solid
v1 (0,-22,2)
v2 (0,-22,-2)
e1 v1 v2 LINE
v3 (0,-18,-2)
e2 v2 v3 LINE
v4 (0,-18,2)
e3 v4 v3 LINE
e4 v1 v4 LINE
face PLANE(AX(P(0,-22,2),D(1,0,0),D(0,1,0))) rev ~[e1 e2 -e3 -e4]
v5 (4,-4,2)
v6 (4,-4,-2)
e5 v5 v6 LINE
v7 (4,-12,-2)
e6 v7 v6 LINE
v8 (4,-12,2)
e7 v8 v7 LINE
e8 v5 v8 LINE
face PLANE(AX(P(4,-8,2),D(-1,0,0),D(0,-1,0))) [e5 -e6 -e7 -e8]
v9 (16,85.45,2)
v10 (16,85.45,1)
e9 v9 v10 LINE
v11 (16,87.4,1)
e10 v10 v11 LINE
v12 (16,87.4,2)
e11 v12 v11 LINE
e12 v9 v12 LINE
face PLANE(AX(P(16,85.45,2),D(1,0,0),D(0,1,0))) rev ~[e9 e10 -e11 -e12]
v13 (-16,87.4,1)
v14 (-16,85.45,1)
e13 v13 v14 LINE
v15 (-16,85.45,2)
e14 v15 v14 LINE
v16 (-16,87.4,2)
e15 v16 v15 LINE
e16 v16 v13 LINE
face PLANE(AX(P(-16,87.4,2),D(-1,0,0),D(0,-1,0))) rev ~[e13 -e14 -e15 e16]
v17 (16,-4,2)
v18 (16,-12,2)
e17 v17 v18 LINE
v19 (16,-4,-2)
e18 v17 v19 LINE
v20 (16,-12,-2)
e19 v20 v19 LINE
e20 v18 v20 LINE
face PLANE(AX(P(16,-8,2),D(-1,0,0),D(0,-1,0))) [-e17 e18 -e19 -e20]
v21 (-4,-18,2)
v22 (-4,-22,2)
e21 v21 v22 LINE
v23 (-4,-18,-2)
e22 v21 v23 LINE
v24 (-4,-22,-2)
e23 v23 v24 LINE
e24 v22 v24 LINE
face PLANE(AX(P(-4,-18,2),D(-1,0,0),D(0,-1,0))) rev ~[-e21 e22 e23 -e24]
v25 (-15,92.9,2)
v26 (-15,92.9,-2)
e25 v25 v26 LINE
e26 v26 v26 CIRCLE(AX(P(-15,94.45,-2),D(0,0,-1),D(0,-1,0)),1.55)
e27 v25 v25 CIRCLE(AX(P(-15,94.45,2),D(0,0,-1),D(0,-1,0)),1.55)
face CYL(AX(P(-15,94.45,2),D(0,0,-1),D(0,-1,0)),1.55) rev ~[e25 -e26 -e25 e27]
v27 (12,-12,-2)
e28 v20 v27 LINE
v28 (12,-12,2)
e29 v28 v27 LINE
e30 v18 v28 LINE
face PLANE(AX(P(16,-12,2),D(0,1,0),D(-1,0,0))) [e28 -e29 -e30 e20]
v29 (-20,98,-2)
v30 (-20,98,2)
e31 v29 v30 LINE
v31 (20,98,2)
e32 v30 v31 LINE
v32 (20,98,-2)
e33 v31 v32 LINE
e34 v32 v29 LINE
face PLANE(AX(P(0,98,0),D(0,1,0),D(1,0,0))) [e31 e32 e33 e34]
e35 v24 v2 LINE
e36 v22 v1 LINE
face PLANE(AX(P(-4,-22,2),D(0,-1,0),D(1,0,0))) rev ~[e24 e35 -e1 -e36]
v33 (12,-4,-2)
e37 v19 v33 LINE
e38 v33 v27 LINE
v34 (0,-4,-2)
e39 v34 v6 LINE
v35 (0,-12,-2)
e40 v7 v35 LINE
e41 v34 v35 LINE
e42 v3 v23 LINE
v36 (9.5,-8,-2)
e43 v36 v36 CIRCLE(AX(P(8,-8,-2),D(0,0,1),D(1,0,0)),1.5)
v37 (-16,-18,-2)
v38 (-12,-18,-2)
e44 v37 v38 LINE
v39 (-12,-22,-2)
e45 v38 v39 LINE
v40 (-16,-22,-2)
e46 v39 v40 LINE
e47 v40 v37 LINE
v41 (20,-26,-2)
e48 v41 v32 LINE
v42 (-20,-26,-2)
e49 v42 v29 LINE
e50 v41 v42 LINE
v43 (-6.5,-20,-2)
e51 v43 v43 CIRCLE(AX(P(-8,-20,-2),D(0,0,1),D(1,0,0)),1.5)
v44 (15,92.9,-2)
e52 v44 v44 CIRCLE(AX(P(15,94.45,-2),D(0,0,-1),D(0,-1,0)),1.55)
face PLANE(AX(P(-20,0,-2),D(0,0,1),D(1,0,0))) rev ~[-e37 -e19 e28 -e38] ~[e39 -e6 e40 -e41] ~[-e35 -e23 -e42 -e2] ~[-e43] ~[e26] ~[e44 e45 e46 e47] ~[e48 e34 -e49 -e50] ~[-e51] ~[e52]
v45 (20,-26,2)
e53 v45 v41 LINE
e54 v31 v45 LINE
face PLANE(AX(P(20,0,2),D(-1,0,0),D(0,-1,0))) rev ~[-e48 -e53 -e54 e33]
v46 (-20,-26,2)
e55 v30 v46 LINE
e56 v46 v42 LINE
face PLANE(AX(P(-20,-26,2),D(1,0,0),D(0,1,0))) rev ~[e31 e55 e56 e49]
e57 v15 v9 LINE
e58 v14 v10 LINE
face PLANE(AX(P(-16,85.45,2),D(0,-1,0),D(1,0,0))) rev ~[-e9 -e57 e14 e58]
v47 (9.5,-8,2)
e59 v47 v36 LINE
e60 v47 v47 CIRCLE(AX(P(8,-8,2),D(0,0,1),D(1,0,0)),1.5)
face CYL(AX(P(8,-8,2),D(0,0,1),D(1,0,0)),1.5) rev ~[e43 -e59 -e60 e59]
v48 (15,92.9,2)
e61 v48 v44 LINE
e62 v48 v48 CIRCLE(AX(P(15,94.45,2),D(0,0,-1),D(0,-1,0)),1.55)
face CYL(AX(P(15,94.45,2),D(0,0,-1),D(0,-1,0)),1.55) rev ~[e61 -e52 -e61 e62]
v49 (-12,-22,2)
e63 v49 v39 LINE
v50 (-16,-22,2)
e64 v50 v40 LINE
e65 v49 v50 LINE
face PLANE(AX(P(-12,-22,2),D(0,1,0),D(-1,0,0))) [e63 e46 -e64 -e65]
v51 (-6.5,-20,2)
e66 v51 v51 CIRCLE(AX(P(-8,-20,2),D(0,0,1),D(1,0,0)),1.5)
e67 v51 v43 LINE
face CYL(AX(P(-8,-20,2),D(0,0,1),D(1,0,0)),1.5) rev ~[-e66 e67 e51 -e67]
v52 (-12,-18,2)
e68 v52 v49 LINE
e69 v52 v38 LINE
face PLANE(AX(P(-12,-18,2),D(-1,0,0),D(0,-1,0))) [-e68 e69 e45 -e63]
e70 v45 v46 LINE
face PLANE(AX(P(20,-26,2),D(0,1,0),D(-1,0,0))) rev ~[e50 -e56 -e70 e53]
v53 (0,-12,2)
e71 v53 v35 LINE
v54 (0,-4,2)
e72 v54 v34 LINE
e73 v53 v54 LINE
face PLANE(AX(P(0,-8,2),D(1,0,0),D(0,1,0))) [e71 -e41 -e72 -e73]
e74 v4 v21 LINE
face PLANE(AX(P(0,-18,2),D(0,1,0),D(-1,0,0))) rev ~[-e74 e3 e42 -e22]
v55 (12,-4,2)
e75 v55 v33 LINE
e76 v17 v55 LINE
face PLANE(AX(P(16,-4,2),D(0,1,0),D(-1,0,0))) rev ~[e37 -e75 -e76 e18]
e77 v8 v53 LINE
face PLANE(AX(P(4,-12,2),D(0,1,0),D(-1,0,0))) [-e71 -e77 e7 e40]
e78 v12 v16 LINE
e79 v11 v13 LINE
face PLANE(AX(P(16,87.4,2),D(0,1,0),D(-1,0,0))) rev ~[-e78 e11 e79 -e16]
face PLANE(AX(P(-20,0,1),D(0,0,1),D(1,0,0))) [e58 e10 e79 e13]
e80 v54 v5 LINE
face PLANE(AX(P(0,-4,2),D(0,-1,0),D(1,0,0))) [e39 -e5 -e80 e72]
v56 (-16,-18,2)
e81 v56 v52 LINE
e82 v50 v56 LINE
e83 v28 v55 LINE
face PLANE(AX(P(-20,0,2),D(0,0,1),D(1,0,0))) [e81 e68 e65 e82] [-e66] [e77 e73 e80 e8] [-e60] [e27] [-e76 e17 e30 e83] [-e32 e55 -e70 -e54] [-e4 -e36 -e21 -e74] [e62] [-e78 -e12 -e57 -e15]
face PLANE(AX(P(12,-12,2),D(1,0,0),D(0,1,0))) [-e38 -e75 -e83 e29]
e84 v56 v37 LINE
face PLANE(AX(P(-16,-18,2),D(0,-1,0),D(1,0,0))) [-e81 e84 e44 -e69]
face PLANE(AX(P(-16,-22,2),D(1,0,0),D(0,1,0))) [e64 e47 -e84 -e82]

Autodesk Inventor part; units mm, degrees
ref_plane "YZ Plane" through (0, 0, 0) normal (1, 0, 0) x (0, 1, 0)
ref_plane "XZ Plane" through (0, 0, 0) normal (0, 1, 0) x (-1, 0, 0)
ref_plane "XY Plane" through (0, 0, 0) normal (0, 0, 1) x (1, 0, 0)
sketch "Sketch1" plane through (0, 0, 0) normal (0, 1, 0) x (-1, 0, 0)
  line L0 (20, 2) -> (-20, 2)
  line L1 (-20, 2) -> (-20, -2)
  line L2 (-20, -2) -> (20, -2)
  line L3 (20, -2) -> (20, 2)
  line L4 (20, 2) -> (-20, -2) construction
  line L5 (-20, 2) -> (20, -2) construction
  point P0 (0, 0)
  dimension "d0" = 40
  dimension "d1" = 4
extrude "Extrusion1" add sketch "Sketch1" along normal blind 84
sketch "Sketch2" plane through (0, 84, 0) normal (0, 1, 0) x (1, 0, 0)
  line L0 (20, 2) -> (-20, 2) projected
  line L1 (20, -2) -> (20, 2) projected
  line L2 (20, 2) -> (-20, 2) projected
  line L3 (-20, 2) -> (-20, -2) projected
  line L4 (-20, -2) -> (20, -2) projected
  point P0 (0, 0)
extrude "Extrusion2" add sketch "Sketch2" along normal blind 14
sketch "Sketch3" plane through (-20, 0, 2) normal (0, 0, 1) x (1, 0, 0)
  line L0 (0, 98) -> (40, 98) projected
  line L1 (20, 98) -> (20, 0)
  line L2 (40, 0) -> (0, 0) projected
  point P0 (5, 94.45)
  point P1 (35, 94.45)
  dimension "d6" = 3.55
  dimension "d7" = 30
hole "Hole1" at (-15, 94.45, 2) at (15, 94.45, 2) direction (0, 0, -1) diameter 3.1 depth 4
sketch "Sketch4" plane through (-20, 0, 2) normal (0, 0, 1) x (1, 0, 0)
  line L0 (4, 85.45) -> (36, 85.45)
  circle A0 centre (5, 94.45) radius 1.55 projected
  circle A1 centre (35, 94.45) radius 1.55 projected
  line L1 (0, 0) -> (40, 0) projected
  line L2 (40, 0) -> (40, 98) projected
  line L3 (0, 98) -> (40, 98) projected
  line L4 (0, 0) -> (0, 98) projected
  line L5 (40, 0) -> (40, 98) projected
  line L6 (4, 85.45) -> (36, 85.45)
  line L7 (36, 85.45) -> (36, 87.4)
  line L8 (36, 87.4) -> (4, 87.4)
  line L9 (4, 87.4) -> (4, 85.45)
  line L10 (0, 98) -> (40, 98) projected
  point P0 (20, 0)
  point P1 (20, 98)
  point P2 (20, 85.45)
  point P3 (0, 87.4)
  point P4 (40, 87.4)
  point P5 (37.1403, 85.45)
  point P6 (20, 98)
  dimension "d16" = 1.95
  dimension "d33" = 12.55
  dimension "d44" = 4
extrude "IndicatorBar" cut sketch "Sketch4" against normal blind 1 contours L9 L8 L7 L0
sketch "Sketch6" plane through (-20, 0, 2) normal (0, 0, 1) x (1, 0, 0)
  line L0 (40, 0) -> (0, 0) projected
  line L1 (0, 0) -> (40, 0)
  line L2 (40, 0) -> (40, -26)
  line L3 (40, -26) -> (0, -26)
  line L4 (0, -26) -> (0, 0)
  line L5 (40, 0) -> (40, 98) projected
  line L6 (20, -4) -> (24, -4)
  line L7 (24, -4) -> (24, -8)
  line L8 (24, -8) -> (20, -8)
  line L9 (20, -8) -> (20, -4)
  line L10 (32, -8) -> (36, -8)
  line L11 (36, -8) -> (36, -4)
  line L12 (36, -4) -> (32, -4)
  line L13 (32, -4) -> (32, -8)
  line L14 (4, -18) -> (8, -18)
  line L15 (8, -18) -> (8, -22)
  line L16 (8, -22) -> (4, -22)
  line L17 (4, -22) -> (4, -18)
  line L18 (16, -22) -> (20, -22)
  line L19 (20, -22) -> (20, -18)
  line L20 (20, -18) -> (16, -18)
  line L21 (16, -18) -> (16, -22)
  circle A0 centre (12, -20) radius 1.5
  line L22 (8, -18) -> (16, -22) construction
  line L23 (20, -8) -> (24, -8)
  line L24 (24, -8) -> (24, -12)
  line L25 (24, -12) -> (20, -12)
  line L26 (20, -12) -> (20, -8)
  line L27 (32, -8) -> (36, -8)
  line L28 (36, -8) -> (36, -12)
  line L29 (36, -12) -> (32, -12)
  line L30 (32, -12) -> (32, -8)
  line L31 (24, -4) -> (32, -12) construction
  circle A1 centre (28, -8) radius 1.5
  point P0 (20, 0)
  point P1 (40, 85.45)
  point P2 (36, -6)
  point P3 (8, -20)
  point P4 (6, -22)
  point P5 (4, -20)
  point P6 (20, -4)
  point P7 (20, -12)
  point P8 (18, -18)
  point P9 (32, -10)
  dimension "d24" = 4
  dimension "d25" = 4
  dimension "d26" = 4
  dimension "d28" = 4
  dimension "d29" = 4
  dimension "d30" = 4
  dimension "d34" = 4
  dimension "d35" = 4
  dimension "d36" = 3
  dimension "d37" = 10
  dimension "d38" = 4
  dimension "d39" = 4
  dimension "d40" = 4
  dimension "d41" = 4
  dimension "d43" = 3
extrude "UnderCar" add sketch "Sketch6" against normal blind 4
properties part number "Door_V2" material "MDF Medium Density Fiberboard"
